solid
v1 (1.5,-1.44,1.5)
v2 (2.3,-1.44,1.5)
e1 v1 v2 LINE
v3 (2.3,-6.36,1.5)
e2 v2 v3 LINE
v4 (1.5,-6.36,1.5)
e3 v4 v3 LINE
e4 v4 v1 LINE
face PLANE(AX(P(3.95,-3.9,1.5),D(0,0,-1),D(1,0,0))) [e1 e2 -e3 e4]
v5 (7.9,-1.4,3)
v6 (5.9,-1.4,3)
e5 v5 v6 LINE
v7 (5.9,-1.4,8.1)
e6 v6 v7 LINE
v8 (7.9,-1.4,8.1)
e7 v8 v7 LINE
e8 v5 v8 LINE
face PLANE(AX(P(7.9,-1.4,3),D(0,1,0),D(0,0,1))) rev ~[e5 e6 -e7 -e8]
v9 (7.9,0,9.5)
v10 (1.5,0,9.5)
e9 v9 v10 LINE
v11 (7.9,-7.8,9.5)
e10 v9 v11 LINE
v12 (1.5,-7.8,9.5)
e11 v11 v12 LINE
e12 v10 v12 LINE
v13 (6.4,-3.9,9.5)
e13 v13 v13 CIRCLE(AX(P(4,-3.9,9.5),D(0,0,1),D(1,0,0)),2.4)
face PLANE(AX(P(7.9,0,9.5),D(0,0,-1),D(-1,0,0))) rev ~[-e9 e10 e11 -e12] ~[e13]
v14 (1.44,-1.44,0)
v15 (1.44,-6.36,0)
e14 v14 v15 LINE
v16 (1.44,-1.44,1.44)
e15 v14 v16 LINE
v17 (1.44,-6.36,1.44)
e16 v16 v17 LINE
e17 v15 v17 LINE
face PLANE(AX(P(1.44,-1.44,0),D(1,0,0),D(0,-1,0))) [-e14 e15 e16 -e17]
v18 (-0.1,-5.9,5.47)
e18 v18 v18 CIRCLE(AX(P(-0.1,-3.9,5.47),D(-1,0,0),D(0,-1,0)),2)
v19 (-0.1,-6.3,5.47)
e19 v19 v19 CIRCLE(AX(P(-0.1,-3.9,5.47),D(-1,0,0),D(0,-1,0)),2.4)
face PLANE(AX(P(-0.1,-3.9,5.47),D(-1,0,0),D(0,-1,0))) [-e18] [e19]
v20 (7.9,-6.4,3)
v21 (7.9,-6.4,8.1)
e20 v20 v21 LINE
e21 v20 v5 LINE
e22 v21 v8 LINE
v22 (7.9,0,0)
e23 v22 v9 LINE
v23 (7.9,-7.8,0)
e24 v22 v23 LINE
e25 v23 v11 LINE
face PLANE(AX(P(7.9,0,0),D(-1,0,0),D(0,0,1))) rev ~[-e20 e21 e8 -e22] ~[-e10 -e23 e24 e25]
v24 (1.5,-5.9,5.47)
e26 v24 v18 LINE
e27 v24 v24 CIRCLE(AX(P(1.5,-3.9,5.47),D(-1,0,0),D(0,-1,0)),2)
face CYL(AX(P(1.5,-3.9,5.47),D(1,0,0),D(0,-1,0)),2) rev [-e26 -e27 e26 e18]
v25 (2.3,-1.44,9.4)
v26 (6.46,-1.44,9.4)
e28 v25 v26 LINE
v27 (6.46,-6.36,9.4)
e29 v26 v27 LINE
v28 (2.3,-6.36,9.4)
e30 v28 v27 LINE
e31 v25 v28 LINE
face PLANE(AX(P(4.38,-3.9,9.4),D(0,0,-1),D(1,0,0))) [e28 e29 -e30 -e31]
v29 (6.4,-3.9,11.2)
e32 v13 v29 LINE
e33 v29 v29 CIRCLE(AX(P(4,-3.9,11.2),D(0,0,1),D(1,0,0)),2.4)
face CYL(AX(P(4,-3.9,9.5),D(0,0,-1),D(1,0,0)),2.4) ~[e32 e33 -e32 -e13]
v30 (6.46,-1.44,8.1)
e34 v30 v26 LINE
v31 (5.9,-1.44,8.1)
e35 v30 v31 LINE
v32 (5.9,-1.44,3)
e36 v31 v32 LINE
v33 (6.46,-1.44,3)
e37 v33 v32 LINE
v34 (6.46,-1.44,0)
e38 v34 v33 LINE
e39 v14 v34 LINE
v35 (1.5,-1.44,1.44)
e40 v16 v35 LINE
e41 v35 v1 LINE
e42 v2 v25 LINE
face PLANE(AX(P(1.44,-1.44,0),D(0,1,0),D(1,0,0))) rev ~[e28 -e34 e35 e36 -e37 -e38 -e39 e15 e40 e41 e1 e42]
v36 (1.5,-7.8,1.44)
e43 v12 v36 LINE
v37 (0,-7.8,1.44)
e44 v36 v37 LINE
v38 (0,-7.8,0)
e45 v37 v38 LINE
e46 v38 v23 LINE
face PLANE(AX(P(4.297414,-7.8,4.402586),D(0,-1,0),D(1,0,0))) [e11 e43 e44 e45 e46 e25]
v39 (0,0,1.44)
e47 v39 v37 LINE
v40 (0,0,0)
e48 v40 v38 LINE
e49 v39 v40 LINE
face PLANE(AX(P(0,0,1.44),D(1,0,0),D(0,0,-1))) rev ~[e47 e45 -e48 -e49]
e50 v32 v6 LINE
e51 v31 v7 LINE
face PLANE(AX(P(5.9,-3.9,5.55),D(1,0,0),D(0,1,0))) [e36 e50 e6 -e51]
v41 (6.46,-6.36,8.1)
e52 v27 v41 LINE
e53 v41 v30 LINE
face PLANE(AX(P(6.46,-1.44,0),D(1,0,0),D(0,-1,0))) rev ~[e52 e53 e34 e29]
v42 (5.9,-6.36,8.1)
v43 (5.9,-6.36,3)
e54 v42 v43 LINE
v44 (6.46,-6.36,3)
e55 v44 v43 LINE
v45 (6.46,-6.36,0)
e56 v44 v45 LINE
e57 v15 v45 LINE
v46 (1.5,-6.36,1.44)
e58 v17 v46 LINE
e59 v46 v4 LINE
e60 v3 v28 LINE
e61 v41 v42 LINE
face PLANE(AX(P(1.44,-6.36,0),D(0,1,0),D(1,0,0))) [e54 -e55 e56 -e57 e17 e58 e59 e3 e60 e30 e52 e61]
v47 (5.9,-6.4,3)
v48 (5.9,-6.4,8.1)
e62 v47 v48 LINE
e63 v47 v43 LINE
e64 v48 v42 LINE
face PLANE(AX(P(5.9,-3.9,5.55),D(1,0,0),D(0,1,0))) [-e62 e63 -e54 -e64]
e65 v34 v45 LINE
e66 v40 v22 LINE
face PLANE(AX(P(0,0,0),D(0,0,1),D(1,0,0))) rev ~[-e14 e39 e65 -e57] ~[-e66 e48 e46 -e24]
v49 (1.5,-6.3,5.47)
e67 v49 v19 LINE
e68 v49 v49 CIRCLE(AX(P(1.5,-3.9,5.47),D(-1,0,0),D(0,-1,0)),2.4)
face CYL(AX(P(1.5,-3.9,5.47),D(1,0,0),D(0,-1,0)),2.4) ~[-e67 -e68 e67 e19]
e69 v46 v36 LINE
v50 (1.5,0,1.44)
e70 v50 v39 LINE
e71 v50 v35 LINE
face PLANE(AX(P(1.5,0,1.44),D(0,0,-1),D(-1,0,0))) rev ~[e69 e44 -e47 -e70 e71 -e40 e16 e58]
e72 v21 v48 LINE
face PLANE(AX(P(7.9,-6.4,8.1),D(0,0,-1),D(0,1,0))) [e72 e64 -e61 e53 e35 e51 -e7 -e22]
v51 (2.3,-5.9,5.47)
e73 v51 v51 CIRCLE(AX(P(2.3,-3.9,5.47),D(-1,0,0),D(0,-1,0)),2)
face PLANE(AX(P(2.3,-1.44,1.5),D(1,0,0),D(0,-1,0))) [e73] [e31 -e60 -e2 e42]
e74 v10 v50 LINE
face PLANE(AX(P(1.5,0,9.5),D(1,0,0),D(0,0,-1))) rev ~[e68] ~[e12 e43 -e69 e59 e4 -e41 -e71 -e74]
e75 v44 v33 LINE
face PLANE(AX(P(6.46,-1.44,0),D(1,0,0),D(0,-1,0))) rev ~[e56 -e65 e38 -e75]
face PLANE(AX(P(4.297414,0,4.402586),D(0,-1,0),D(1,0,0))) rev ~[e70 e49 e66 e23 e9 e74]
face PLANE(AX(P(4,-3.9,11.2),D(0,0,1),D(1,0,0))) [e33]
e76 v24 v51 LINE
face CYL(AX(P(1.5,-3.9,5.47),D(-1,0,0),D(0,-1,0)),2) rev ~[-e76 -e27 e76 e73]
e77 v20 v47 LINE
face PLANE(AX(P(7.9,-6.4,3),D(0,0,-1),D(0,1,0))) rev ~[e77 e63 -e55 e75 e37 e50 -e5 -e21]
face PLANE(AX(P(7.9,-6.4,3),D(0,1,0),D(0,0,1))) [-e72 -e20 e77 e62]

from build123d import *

# Parameters (mm, degrees)
F1_DEPTH  = 7.8
F2_R      = 2.4
F3_DEPTH  = 1.7
F4_W      = 5.02
F4_H      = 4.92
F5_DEPTH  = 1.5
F6_W      = 4.16
F6_H      = 4.92
F7_DEPTH  = 7.9
F8_R      = 2.4
F8_R_2    = 2
F9_DEPTH  = 1.6
F10_DEPTH = 1
F11_W     = 5
F11_H     = 5.1
F12_DEPTH = 2


with BuildPart() as f1:
    # F0 (on Front) → F1 (new body)
    with BuildSketch(Plane.XZ):
        Polygon((0, 1.44), (0, 0), (7.9, 0), (7.9, 9.5), (1.5, 9.5), (1.5, 1.44), align=None)
    extrude(amount=F1_DEPTH)

    # F2 (on face) → F3 (join)
    with BuildSketch(Plane.XY.offset(9.5)):
        with Locations((4, -3.9)):
            Circle(F2_R)
    extrude(amount=F3_DEPTH)

    # F4 (on face) → F5 (cut)
    with BuildSketch(Plane(origin=(0, 0, 0), x_dir=(1, 0, 0), z_dir=(0, 0, -1))):
        with Locations((3.95, 3.9)):
            Rectangle(F4_W, F4_H)
    extrude(amount=-F5_DEPTH, mode=Mode.SUBTRACT)

    # F6 (on face) → F7 (cut)
    with BuildSketch(Plane(origin=(0, 0, 1.5), x_dir=(1, 0, 0), z_dir=(0, 0, -1))):
        with Locations((4.38, 3.9)):
            Rectangle(F6_W, F6_H)
    extrude(amount=-F7_DEPTH, mode=Mode.SUBTRACT)

    # F8 (on face) → F9 (join)
    with BuildSketch(Plane(origin=(1.5, 0, 0), x_dir=(0, -1, 0), z_dir=(-1, 0, 0))):
        with Locations((3.9, 5.47)):
            Circle(F8_R)
        with Locations((3.9, 5.47)):
            Circle(F8_R_2, mode=Mode.SUBTRACT)
    extrude(amount=F9_DEPTH)

    # F8 (on face) → F10 (cut)
    with BuildSketch(Plane(origin=(1.5, 0, 0), x_dir=(0, -1, 0), z_dir=(-1, 0, 0))):
        with Locations((3.9, 5.47)):
            Circle(F8_R_2)
    extrude(amount=-F10_DEPTH, mode=Mode.SUBTRACT)

    # F11 (on face) → F12 (cut)
    with BuildSketch(Plane.YZ.offset(7.9)):
        with Locations((-3.9, 5.55)):
            Rectangle(F11_W, F11_H)
    extrude(amount=-F12_DEPTH, mode=Mode.SUBTRACT)


solid = f1.part
